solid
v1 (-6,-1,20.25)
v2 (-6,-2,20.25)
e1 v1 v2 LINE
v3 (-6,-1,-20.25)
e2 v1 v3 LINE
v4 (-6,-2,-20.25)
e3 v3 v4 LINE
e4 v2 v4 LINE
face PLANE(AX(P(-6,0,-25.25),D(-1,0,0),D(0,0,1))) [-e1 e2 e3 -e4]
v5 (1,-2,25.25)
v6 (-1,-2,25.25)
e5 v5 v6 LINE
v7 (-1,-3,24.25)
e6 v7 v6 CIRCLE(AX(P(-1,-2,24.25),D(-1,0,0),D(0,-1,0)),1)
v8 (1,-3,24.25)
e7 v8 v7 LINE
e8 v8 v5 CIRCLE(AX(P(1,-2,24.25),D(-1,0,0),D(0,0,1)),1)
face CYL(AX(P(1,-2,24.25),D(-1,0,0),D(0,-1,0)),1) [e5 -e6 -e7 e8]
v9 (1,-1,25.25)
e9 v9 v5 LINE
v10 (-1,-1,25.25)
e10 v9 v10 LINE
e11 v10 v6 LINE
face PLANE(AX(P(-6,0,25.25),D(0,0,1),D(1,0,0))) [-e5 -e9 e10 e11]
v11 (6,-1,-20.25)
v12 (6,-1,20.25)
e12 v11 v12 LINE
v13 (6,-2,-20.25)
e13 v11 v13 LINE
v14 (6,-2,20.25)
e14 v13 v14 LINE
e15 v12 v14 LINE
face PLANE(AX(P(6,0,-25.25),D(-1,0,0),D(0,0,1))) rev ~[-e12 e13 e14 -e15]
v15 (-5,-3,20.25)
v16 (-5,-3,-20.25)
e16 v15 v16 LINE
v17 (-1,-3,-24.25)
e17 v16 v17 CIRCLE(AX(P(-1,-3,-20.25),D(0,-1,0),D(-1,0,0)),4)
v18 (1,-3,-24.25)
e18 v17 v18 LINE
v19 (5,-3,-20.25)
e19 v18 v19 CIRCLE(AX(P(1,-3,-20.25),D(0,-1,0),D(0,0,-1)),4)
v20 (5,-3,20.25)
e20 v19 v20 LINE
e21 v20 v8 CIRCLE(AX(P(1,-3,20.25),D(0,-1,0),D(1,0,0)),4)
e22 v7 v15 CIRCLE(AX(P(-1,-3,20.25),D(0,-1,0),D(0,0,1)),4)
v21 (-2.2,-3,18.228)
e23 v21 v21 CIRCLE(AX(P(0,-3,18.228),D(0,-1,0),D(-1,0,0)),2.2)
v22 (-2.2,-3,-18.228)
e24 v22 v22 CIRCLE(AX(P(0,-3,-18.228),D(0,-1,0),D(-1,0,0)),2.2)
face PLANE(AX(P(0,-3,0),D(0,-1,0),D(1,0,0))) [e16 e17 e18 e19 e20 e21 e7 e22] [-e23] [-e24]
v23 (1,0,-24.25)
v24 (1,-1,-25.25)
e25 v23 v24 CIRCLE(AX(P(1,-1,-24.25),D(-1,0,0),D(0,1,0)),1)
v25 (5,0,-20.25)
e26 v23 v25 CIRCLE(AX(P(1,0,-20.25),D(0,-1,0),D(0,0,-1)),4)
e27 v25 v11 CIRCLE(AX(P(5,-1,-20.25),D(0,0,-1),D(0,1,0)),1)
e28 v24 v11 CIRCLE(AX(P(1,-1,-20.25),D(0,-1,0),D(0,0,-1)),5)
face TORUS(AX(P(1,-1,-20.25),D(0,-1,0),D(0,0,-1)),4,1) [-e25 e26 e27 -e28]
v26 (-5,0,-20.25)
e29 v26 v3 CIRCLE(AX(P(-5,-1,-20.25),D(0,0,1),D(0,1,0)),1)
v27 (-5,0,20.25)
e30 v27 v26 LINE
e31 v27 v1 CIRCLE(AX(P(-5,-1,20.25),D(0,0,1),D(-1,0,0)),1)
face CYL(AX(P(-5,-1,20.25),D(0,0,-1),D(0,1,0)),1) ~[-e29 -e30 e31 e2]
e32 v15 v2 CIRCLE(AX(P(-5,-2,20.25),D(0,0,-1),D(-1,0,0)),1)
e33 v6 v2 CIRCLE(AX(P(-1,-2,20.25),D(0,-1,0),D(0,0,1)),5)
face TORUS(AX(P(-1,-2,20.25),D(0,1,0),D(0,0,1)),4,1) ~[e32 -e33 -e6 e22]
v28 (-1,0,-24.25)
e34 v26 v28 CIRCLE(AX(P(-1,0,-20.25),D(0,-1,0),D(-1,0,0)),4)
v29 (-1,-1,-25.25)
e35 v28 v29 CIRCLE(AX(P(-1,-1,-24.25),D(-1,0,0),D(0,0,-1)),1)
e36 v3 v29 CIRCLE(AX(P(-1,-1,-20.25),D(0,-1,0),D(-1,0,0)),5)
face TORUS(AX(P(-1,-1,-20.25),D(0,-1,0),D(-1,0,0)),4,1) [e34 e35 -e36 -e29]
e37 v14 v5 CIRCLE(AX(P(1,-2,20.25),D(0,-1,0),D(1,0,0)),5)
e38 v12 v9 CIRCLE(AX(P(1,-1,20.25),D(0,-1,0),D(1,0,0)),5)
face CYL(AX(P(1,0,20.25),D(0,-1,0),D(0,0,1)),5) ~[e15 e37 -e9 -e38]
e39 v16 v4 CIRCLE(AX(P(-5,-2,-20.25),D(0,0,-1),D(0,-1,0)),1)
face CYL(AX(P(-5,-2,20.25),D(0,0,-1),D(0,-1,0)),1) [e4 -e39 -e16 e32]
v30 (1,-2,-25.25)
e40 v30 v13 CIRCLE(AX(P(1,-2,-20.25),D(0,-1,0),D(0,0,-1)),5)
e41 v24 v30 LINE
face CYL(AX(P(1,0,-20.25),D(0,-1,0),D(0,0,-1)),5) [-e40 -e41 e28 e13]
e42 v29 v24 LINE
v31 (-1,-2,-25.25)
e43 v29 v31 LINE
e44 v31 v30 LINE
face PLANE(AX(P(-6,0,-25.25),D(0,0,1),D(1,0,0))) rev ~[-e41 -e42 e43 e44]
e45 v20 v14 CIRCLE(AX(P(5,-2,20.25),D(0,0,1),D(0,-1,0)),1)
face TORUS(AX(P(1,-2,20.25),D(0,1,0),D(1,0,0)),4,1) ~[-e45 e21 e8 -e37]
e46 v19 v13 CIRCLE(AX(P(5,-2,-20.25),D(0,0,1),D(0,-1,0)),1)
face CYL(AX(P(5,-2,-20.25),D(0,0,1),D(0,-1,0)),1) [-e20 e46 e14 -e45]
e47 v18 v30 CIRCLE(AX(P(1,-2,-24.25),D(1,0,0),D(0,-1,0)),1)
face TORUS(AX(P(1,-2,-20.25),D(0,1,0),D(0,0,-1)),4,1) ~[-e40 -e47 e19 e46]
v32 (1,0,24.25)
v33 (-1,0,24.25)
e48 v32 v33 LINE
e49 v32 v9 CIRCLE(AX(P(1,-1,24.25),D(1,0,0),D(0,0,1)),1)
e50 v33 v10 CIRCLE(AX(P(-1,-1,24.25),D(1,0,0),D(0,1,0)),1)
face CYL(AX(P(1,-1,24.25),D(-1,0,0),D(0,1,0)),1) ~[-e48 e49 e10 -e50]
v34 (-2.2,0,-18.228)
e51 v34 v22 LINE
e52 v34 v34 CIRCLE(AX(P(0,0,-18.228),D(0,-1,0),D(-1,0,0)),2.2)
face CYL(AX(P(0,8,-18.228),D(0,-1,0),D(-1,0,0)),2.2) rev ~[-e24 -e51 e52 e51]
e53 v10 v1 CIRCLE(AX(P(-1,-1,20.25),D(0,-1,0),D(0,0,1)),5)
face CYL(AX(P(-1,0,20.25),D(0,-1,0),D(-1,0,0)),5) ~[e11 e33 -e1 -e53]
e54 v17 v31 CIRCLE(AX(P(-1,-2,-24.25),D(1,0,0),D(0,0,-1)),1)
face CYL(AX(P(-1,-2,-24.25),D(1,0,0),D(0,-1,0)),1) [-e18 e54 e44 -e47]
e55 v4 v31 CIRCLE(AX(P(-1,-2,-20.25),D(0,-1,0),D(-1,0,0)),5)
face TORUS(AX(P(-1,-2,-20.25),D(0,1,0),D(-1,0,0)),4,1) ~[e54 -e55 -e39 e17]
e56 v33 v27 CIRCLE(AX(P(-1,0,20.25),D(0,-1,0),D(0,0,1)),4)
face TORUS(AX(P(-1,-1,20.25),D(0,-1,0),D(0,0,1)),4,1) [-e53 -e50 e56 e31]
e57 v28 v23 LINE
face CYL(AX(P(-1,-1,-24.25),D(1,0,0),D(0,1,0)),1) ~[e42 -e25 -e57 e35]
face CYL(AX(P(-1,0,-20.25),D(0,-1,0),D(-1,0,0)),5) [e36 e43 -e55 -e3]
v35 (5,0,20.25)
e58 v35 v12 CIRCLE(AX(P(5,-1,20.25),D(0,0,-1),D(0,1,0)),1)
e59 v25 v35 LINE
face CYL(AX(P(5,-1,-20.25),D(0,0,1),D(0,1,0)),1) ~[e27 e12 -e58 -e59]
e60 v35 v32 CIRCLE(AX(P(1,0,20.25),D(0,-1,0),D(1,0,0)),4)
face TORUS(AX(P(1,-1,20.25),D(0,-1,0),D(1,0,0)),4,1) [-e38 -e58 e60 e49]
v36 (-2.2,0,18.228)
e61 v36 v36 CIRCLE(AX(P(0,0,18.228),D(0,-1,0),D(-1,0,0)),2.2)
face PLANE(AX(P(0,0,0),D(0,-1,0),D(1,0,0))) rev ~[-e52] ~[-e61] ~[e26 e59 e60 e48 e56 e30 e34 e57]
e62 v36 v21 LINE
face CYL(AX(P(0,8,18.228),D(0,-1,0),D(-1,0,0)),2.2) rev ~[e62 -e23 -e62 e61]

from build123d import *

# Parameters (mm, degrees)
F0_W           = 12
F0_H           = 50.5
F1_DEPTH       = 3
F4_D           = 4.4
F4_DEPTH       = 70
F4_CBORE_D     = 8.25
F4_CBORE_DEPTH = 4
F5_R           = 5
F6_R           = 1


with BuildPart() as f1:
    # F0 (on Front) → F1 (new body)
    with BuildSketch(Plane.XZ):
        Rectangle(F0_W, F0_H)
    extrude(amount=F1_DEPTH)

    # F4
    with Locations(Plane(origin=(0, 8, 0), x_dir=(1, 0, 0), z_dir=(0, 1, 0))):
        with Locations((0, 18.228), (0, -18.228)):
            CounterBoreHole(F4_D / 2, F4_CBORE_D / 2, F4_CBORE_DEPTH, depth=F4_DEPTH)

    # F5
    f5_edges = [f1.edges().sort_by_distance(p)[0] for p in [
        (-6, -1.5, 25.25),
        (6, -1.5, 25.25),
        (-6, -1.5, -25.25),
        (6, -1.5, -25.25),
    ]]
    fillet(f5_edges, radius=F5_R)

    # F6
    f6_edges = [f1.edges().sort_by_distance(p)[0] for p in [
        (6, 0, 0),
        (6, -3, 0),
    ]]
    fillet(f6_edges, radius=F6_R)


solid = f1.part
